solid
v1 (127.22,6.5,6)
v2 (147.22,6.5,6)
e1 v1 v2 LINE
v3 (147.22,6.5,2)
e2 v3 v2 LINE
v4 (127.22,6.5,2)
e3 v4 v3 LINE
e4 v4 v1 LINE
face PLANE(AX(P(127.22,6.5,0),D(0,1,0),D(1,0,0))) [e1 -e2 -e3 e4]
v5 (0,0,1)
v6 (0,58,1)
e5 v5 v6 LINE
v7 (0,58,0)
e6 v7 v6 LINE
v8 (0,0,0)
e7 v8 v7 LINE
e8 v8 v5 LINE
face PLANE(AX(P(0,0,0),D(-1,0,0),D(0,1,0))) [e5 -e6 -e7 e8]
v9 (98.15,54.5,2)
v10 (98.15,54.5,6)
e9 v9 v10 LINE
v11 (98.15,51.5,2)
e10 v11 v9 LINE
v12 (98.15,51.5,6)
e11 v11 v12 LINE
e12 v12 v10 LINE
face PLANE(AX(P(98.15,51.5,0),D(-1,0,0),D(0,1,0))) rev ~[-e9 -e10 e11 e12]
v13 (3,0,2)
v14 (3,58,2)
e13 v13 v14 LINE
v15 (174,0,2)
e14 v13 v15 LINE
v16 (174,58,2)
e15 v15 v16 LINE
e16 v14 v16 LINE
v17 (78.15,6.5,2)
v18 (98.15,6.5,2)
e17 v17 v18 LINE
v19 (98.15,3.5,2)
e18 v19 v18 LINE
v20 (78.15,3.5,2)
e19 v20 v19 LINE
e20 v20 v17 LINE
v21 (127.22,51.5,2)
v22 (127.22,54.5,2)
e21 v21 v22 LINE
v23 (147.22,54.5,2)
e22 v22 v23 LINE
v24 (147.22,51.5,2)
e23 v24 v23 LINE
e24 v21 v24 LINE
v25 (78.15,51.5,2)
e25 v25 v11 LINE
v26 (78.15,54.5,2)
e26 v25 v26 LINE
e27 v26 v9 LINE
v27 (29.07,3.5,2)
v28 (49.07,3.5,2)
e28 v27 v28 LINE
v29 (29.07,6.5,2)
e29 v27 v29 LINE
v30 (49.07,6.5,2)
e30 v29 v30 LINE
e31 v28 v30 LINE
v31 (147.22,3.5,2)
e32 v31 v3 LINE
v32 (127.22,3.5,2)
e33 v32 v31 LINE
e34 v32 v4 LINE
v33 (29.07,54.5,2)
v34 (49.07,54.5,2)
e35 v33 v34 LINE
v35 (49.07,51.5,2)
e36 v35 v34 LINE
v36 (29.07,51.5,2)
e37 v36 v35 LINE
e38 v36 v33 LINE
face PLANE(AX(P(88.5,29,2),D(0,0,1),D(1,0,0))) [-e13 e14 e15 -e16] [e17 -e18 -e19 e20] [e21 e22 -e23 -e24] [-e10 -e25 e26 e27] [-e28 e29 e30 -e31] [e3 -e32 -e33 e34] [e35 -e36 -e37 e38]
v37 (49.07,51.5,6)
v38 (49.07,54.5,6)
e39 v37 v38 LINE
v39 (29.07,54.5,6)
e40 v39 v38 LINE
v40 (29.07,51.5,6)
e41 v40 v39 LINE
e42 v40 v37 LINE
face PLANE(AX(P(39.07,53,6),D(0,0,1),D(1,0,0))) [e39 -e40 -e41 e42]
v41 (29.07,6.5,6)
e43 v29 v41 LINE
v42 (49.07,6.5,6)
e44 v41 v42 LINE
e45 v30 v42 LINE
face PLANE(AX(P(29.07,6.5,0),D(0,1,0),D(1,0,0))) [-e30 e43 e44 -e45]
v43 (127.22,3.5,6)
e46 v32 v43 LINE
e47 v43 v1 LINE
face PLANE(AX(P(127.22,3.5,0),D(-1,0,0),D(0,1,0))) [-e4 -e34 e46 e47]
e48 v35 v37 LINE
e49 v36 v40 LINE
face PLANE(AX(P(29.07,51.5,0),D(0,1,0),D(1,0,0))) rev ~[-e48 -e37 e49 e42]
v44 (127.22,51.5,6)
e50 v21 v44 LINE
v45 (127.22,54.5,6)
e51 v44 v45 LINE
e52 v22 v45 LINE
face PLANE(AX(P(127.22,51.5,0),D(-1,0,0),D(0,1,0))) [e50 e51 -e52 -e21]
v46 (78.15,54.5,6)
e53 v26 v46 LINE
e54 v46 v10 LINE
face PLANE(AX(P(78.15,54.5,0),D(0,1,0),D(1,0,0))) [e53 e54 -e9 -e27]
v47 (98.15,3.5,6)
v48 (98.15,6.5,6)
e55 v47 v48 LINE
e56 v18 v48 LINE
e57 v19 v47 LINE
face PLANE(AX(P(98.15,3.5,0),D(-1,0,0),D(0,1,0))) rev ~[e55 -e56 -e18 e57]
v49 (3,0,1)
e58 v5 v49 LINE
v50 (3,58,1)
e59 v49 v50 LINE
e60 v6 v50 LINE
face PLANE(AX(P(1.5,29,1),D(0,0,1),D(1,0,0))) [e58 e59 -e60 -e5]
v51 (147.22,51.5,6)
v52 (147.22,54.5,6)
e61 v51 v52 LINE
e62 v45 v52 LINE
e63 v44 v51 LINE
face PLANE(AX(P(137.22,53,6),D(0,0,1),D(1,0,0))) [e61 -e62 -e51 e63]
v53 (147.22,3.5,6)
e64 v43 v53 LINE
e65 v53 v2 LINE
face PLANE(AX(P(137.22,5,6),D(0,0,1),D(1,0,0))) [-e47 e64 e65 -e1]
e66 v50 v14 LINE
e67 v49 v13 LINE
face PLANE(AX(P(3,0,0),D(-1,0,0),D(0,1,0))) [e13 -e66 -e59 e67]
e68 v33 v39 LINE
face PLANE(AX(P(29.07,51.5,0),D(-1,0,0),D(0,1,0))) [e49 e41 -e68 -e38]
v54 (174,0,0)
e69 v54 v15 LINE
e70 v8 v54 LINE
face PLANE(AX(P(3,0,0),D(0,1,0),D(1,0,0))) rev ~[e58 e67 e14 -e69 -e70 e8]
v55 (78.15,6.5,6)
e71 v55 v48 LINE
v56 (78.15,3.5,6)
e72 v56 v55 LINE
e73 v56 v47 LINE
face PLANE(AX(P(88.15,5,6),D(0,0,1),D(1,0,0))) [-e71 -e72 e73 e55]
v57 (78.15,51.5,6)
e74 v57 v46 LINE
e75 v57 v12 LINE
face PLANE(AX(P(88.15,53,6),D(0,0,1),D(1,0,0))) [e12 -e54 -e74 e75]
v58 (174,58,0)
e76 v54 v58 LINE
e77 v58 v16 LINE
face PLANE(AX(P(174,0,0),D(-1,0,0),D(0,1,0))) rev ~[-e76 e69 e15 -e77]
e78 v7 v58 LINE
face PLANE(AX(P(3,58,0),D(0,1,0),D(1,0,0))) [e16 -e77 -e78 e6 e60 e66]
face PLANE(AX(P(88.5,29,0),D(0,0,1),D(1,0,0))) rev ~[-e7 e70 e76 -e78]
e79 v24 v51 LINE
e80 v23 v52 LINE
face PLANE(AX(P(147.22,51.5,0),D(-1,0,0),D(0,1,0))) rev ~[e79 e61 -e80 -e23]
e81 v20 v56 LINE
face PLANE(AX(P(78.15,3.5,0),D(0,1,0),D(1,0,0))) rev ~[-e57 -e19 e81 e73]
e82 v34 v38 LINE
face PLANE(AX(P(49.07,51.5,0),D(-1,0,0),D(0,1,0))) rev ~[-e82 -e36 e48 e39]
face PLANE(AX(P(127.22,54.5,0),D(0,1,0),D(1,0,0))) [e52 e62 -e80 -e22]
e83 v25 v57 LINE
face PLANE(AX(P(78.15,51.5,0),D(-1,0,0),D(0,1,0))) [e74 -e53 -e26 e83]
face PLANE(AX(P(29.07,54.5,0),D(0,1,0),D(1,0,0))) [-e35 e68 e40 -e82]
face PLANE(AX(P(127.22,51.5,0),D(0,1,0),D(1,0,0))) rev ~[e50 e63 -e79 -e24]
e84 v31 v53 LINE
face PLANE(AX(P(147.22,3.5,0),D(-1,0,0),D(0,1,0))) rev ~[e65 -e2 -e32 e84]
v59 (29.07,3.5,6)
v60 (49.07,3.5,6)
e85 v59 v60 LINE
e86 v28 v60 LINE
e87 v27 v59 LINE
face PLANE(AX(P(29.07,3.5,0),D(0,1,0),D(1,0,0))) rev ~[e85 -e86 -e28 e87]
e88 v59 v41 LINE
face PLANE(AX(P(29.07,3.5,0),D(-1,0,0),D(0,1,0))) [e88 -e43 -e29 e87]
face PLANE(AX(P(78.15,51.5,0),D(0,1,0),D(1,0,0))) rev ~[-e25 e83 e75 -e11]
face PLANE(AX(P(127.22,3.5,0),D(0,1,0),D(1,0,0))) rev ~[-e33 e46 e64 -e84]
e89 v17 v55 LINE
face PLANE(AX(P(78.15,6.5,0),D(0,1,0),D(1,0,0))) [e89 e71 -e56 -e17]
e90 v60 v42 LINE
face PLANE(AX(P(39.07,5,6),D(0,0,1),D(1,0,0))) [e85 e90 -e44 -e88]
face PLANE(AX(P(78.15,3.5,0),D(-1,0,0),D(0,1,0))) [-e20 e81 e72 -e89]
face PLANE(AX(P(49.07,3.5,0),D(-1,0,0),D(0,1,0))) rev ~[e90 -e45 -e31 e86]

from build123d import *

# Parameters (mm, degrees)
BOX006_W     = 20
BOX006_H     = 3
BOX006_DEPTH = 6
BOX005_W     = 20
BOX005_H     = 3
BOX005_DEPTH = 6
BOX004_W     = 20
BOX004_H     = 3
BOX004_DEPTH = 6
BOX003_W     = 20
BOX003_H     = 3
BOX003_DEPTH = 6
BOX002_W     = 20
BOX002_H     = 3
BOX002_DEPTH = 6
BOX001_W     = 20
BOX001_H     = 3
BOX001_DEPTH = 6
BOX_W        = 171
BOX_H        = 58
BOX_DEPTH    = 2
BOX007_W     = 3
BOX007_H     = 58
BOX007_DEPTH = 1


with BuildPart() as cube006:
    # Box006 → Box006 (new body)
    with BuildSketch(Plane(origin=(127.22, 51.5, 0), x_dir=(1, 0, 0), z_dir=(0, 0, 1))):
        with Locations((10, 1.5)):
            Rectangle(BOX006_W, BOX006_H)
    extrude(amount=BOX006_DEPTH)


with BuildPart() as cube005:
    # Box005 → Box005 (new body)
    with BuildSketch(Plane(origin=(78.15, 51.5, 0), x_dir=(1, 0, 0), z_dir=(0, 0, 1))):
        with Locations((10, 1.5)):
            Rectangle(BOX005_W, BOX005_H)
    extrude(amount=BOX005_DEPTH)


with BuildPart() as cube004:
    # Box004 → Box004 (new body)
    with BuildSketch(Plane(origin=(29.07, 51.5, 0), x_dir=(1, 0, 0), z_dir=(0, 0, 1))):
        with Locations((10, 1.5)):
            Rectangle(BOX004_W, BOX004_H)
    extrude(amount=BOX004_DEPTH)


with BuildPart() as cube003:
    # Box003 → Box003 (new body)
    with BuildSketch(Plane(origin=(127.22, 3.5, 0), x_dir=(1, 0, 0), z_dir=(0, 0, 1))):
        with Locations((10, 1.5)):
            Rectangle(BOX003_W, BOX003_H)
    extrude(amount=BOX003_DEPTH)


with BuildPart() as cube002:
    # Box002 → Box002 (new body)
    with BuildSketch(Plane(origin=(78.15, 3.5, 0), x_dir=(1, 0, 0), z_dir=(0, 0, 1))):
        with Locations((10, 1.5)):
            Rectangle(BOX002_W, BOX002_H)
    extrude(amount=BOX002_DEPTH)


with BuildPart() as cube001:
    # Box001 → Box001 (new body)
    with BuildSketch(Plane(origin=(29.07, 3.5, 0), x_dir=(1, 0, 0), z_dir=(0, 0, 1))):
        with Locations((10, 1.5)):
            Rectangle(BOX001_W, BOX001_H)
    extrude(amount=BOX001_DEPTH)


with BuildPart() as cube:
    # Box → Box (new body)
    with BuildSketch(Plane(origin=(3, 0, 0), x_dir=(1, 0, 0), z_dir=(0, 0, 1))):
        with Locations((85.5, 29)):
            Rectangle(BOX_W, BOX_H)
    extrude(amount=BOX_DEPTH)


with BuildPart() as fusion:
    # Box007 → Box007 (new body)
    with BuildSketch(Plane.XY):
        with Locations((1.5, 29)):
            Rectangle(BOX007_W, BOX007_H)
    extrude(amount=BOX007_DEPTH)

    # Fusion: union Cube006, Cube005, Cube004, Cube003, Cube002, Cube001, Cube
    add(cube006.part)
    add(cube005.part)
    add(cube004.part)
    add(cube003.part)
    add(cube002.part)
    add(cube001.part)
    add(cube.part)


solid = fusion.part
